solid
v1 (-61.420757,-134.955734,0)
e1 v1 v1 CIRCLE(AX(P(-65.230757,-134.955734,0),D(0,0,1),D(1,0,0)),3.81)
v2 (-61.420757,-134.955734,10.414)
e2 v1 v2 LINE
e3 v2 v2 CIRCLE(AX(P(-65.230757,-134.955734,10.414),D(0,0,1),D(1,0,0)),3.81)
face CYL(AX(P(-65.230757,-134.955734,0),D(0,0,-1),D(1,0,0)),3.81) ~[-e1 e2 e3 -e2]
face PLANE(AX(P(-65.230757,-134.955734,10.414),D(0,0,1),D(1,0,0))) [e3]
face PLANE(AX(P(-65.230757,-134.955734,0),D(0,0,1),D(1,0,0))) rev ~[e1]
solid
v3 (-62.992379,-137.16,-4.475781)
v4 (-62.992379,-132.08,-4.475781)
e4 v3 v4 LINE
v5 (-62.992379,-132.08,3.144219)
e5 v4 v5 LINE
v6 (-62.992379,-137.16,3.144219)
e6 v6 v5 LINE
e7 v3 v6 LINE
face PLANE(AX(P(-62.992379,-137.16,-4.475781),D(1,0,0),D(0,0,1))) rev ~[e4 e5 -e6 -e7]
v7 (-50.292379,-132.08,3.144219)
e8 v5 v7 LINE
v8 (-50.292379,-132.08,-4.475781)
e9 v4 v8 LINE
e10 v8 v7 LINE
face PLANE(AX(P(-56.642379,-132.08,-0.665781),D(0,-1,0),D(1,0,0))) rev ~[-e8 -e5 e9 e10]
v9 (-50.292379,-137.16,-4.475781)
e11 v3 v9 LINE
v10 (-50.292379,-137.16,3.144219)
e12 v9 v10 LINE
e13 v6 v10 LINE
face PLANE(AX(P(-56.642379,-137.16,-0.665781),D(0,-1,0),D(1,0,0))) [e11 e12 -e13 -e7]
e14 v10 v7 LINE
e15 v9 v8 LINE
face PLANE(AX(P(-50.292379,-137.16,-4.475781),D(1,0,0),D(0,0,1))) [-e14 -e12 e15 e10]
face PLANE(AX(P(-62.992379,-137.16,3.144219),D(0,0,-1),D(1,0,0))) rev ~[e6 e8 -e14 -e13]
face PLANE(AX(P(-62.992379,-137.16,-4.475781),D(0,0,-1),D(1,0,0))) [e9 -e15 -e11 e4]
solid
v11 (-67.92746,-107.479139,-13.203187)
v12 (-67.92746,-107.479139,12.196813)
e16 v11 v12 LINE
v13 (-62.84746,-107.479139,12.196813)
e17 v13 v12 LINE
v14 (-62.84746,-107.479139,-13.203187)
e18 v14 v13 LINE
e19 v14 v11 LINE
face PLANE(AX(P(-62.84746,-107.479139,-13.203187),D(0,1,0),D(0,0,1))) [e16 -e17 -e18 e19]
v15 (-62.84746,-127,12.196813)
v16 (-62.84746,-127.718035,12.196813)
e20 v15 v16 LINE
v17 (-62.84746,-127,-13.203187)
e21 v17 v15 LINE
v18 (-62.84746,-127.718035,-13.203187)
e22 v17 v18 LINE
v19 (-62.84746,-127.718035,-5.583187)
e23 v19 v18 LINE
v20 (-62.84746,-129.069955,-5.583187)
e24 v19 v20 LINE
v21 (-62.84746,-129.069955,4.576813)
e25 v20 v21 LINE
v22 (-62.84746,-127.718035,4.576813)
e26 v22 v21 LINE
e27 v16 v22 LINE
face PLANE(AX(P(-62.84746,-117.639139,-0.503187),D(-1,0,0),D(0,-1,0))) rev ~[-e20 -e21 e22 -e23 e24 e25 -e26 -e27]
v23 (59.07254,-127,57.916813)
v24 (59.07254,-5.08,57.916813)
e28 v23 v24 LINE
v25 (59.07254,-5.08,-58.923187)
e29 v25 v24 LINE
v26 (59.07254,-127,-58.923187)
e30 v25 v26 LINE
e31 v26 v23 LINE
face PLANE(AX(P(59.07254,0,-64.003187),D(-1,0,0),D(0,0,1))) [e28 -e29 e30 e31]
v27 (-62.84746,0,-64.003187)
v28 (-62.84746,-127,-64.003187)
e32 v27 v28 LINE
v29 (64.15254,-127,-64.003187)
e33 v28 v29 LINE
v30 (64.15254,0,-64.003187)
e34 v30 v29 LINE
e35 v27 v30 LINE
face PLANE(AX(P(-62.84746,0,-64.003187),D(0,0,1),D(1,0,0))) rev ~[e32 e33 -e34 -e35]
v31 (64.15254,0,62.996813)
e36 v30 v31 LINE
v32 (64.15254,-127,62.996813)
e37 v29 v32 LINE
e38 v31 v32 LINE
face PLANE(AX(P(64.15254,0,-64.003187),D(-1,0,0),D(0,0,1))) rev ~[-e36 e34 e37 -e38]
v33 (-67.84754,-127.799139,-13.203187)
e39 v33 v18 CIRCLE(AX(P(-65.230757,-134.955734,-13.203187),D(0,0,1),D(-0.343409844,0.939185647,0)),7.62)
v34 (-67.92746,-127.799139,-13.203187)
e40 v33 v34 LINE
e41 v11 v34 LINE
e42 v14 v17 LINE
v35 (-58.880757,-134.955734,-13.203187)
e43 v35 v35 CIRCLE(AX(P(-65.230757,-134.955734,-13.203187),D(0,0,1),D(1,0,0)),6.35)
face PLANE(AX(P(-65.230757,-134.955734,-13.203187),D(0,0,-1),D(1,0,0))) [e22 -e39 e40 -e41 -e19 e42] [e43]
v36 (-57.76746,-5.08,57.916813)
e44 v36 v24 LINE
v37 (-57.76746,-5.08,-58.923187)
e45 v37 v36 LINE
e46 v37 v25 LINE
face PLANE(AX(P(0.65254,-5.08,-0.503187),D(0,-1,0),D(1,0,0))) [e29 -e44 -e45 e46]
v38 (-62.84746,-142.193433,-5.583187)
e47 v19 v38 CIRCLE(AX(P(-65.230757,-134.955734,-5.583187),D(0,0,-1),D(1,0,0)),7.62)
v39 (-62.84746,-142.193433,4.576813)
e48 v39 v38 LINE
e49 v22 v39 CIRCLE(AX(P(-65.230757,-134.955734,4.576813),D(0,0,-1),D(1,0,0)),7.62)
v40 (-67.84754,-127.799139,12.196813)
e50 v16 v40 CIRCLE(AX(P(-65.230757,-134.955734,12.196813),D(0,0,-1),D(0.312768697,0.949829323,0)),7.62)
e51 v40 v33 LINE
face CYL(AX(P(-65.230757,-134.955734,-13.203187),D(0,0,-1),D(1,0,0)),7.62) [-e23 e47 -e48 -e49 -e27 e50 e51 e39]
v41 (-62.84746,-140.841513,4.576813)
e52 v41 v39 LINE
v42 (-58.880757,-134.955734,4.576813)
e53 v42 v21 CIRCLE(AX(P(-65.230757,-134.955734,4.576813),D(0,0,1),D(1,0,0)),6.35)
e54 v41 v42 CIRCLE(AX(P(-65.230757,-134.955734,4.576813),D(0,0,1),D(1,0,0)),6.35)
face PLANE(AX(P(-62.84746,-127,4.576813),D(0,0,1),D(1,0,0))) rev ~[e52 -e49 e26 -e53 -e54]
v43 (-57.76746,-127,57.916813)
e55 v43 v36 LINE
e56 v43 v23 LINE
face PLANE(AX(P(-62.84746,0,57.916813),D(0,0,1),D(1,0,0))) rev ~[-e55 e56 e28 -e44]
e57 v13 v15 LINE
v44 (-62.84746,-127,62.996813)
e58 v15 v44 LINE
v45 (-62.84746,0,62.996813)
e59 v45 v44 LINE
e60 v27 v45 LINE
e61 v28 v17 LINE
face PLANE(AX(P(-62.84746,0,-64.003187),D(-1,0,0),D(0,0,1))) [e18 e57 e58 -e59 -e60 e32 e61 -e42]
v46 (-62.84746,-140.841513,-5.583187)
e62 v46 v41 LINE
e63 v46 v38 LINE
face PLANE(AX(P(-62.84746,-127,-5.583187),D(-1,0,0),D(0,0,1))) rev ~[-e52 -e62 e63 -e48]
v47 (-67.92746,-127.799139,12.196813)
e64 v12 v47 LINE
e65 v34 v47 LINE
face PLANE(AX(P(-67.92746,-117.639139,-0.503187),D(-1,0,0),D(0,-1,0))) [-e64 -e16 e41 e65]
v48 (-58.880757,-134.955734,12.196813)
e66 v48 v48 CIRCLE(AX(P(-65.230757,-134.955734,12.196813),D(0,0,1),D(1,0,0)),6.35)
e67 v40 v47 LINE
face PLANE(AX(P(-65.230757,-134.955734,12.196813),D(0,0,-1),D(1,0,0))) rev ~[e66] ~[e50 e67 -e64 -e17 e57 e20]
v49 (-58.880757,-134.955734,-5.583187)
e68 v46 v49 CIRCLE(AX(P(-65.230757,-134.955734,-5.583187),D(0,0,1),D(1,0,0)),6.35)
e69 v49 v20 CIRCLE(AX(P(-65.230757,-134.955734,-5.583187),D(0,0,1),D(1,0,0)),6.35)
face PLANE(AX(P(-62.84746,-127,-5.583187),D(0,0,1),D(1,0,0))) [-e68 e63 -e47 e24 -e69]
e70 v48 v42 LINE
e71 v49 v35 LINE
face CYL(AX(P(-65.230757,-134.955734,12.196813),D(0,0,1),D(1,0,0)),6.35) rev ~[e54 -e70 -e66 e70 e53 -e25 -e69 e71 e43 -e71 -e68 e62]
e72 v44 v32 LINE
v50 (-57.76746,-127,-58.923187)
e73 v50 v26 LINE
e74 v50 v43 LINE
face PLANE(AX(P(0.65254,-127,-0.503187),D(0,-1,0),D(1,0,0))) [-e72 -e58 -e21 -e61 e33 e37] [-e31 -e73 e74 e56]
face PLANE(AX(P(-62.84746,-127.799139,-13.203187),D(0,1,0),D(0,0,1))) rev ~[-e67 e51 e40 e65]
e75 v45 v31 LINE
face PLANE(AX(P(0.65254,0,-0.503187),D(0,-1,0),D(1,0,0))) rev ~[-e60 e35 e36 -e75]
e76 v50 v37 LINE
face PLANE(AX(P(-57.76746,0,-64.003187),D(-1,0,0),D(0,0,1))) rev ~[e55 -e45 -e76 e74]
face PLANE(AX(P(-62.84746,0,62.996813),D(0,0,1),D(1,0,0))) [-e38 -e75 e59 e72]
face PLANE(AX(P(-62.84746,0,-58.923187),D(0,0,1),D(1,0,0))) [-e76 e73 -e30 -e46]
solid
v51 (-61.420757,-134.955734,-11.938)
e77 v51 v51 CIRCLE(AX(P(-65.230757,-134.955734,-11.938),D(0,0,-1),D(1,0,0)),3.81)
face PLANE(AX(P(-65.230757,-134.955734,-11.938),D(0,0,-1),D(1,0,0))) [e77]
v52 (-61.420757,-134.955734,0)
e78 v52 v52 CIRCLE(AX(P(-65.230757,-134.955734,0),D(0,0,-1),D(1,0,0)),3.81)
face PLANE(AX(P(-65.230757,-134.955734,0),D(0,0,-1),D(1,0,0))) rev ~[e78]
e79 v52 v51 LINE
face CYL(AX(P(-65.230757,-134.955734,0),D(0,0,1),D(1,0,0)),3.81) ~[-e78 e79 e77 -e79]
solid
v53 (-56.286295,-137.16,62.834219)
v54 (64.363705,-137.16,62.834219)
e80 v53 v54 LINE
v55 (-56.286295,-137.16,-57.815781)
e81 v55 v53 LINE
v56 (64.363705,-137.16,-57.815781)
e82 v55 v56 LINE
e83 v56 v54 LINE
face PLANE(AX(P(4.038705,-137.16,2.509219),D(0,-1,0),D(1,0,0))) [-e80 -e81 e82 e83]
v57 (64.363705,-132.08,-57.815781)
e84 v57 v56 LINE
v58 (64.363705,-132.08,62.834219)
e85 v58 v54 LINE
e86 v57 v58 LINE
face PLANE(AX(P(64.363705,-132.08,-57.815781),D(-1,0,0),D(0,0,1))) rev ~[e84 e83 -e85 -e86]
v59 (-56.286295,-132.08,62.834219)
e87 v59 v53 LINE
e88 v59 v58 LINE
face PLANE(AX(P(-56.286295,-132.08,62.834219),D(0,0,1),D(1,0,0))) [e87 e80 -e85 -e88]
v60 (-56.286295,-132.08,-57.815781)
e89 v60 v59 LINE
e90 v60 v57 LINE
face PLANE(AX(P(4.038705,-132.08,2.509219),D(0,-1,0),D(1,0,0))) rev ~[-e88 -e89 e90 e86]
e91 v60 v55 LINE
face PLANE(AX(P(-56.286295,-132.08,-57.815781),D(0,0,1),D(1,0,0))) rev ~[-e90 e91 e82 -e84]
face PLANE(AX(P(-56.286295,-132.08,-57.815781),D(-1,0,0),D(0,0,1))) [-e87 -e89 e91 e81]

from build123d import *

# Parameters (mm, degrees)
F0_W      = 127
F0_H      = 127
F1_DEPTH  = 127
F2_T      = -5.08
F3_W      = 20.32
F3_H      = 25.4
F4_DEPTH  = 5.08
F5_R      = 7.62
F6_DEPTH  = 25.4
F7_R      = 6.35
F8_DEPTH  = 65.024
F9_W      = 7.62
F9_H      = 10.16
F10_DEPTH = 30.226
F11_R     = 3.81
F12_DEPTH = 10.414
F15_W     = 120.65
F15_H     = 120.65
F16_DEPTH = 5.08
F17_W     = 12.7
F17_H     = 7.62
F18_DEPTH = 5.08
F19_R     = 3.81
F20_DEPTH = 11.938


with BuildPart() as f1:
    # F0 (on Front) → F1 (new body)
    with BuildSketch(Plane.XZ):
        with Locations((0.6525404751, -0.5031868781)):
            Rectangle(F0_W, F0_H)
    extrude(amount=F1_DEPTH)

    # F2
    f2_openings = [f1.faces().sort_by_distance(p)[0] for p in [
        (0.65254, -127, -0.503187),
    ]]
    offset(amount=F2_T, openings=f2_openings)

    # F3 (on face) → F4 (join)
    with BuildSketch(Plane(origin=(-62.8474595249, 0, 0), x_dir=(0, -1, 0), z_dir=(-1, 0, 0))):
        with Locations((117.6391393873, -0.5031868781)):
            Rectangle(F3_W, F3_H)
    extrude(amount=F4_DEPTH)

    # F5 (on face) → F6 (join)
    with BuildSketch(Plane(origin=(0, 0, -13.2031868781), x_dir=(1, 0, 0), z_dir=(0, 0, -1))):
        with Locations((-65.2307569981, 134.9557340145)):
            Circle(F5_R)
    extrude(amount=-F6_DEPTH)

    # F7 (on face) → F8 (cut)
    with BuildSketch(Plane.XY.offset(12.1968131219)):
        with Locations((-65.2307569981, -134.9557340145)):
            Circle(F7_R)
    extrude(amount=-F8_DEPTH, mode=Mode.SUBTRACT)

    # F9 (on face) → F10 (cut)
    with BuildSketch(Plane.XZ.offset(127)):
        with Locations((-59.0374595249, -0.5031868781)):
            Rectangle(F9_W, F9_H)
    extrude(amount=F10_DEPTH, mode=Mode.SUBTRACT)


with BuildPart() as f12:
    # F11 (on Top) → F12 (new body)
    with BuildSketch(Plane.XY):
        with Locations((-65.2307569981, -134.9557340145)):
            Circle(F11_R)
    extrude(amount=F12_DEPTH)


with BuildPart() as f16:
    # F15 (on offset) → F16 (new body)
    with BuildSketch(Plane.XZ.offset(132.08)):
        with Locations((4.0387048304, 2.5092192822)):
            Rectangle(F15_W, F15_H)
    extrude(amount=F16_DEPTH)


with BuildPart() as f18:
    # F17 (on face) → F18 (new body)
    with BuildSketch(Plane.XZ.offset(137.16)):
        with Locations((-56.6423790693, -0.6657807178)):
            Rectangle(F17_W, F17_H)
    extrude(amount=-F18_DEPTH)


with BuildPart() as f20:
    # F19 (on offset) → F20 (new body)
    with BuildSketch(Plane(origin=(0, 0, 0), x_dir=(1, 0, 0), z_dir=(0, 0, -1))):
        with Locations((-65.2307569981, 134.9557340145)):
            Circle(F19_R)
    extrude(amount=F20_DEPTH)


solid = Compound([f1.part, f12.part, f16.part, f18.part, f20.part])
